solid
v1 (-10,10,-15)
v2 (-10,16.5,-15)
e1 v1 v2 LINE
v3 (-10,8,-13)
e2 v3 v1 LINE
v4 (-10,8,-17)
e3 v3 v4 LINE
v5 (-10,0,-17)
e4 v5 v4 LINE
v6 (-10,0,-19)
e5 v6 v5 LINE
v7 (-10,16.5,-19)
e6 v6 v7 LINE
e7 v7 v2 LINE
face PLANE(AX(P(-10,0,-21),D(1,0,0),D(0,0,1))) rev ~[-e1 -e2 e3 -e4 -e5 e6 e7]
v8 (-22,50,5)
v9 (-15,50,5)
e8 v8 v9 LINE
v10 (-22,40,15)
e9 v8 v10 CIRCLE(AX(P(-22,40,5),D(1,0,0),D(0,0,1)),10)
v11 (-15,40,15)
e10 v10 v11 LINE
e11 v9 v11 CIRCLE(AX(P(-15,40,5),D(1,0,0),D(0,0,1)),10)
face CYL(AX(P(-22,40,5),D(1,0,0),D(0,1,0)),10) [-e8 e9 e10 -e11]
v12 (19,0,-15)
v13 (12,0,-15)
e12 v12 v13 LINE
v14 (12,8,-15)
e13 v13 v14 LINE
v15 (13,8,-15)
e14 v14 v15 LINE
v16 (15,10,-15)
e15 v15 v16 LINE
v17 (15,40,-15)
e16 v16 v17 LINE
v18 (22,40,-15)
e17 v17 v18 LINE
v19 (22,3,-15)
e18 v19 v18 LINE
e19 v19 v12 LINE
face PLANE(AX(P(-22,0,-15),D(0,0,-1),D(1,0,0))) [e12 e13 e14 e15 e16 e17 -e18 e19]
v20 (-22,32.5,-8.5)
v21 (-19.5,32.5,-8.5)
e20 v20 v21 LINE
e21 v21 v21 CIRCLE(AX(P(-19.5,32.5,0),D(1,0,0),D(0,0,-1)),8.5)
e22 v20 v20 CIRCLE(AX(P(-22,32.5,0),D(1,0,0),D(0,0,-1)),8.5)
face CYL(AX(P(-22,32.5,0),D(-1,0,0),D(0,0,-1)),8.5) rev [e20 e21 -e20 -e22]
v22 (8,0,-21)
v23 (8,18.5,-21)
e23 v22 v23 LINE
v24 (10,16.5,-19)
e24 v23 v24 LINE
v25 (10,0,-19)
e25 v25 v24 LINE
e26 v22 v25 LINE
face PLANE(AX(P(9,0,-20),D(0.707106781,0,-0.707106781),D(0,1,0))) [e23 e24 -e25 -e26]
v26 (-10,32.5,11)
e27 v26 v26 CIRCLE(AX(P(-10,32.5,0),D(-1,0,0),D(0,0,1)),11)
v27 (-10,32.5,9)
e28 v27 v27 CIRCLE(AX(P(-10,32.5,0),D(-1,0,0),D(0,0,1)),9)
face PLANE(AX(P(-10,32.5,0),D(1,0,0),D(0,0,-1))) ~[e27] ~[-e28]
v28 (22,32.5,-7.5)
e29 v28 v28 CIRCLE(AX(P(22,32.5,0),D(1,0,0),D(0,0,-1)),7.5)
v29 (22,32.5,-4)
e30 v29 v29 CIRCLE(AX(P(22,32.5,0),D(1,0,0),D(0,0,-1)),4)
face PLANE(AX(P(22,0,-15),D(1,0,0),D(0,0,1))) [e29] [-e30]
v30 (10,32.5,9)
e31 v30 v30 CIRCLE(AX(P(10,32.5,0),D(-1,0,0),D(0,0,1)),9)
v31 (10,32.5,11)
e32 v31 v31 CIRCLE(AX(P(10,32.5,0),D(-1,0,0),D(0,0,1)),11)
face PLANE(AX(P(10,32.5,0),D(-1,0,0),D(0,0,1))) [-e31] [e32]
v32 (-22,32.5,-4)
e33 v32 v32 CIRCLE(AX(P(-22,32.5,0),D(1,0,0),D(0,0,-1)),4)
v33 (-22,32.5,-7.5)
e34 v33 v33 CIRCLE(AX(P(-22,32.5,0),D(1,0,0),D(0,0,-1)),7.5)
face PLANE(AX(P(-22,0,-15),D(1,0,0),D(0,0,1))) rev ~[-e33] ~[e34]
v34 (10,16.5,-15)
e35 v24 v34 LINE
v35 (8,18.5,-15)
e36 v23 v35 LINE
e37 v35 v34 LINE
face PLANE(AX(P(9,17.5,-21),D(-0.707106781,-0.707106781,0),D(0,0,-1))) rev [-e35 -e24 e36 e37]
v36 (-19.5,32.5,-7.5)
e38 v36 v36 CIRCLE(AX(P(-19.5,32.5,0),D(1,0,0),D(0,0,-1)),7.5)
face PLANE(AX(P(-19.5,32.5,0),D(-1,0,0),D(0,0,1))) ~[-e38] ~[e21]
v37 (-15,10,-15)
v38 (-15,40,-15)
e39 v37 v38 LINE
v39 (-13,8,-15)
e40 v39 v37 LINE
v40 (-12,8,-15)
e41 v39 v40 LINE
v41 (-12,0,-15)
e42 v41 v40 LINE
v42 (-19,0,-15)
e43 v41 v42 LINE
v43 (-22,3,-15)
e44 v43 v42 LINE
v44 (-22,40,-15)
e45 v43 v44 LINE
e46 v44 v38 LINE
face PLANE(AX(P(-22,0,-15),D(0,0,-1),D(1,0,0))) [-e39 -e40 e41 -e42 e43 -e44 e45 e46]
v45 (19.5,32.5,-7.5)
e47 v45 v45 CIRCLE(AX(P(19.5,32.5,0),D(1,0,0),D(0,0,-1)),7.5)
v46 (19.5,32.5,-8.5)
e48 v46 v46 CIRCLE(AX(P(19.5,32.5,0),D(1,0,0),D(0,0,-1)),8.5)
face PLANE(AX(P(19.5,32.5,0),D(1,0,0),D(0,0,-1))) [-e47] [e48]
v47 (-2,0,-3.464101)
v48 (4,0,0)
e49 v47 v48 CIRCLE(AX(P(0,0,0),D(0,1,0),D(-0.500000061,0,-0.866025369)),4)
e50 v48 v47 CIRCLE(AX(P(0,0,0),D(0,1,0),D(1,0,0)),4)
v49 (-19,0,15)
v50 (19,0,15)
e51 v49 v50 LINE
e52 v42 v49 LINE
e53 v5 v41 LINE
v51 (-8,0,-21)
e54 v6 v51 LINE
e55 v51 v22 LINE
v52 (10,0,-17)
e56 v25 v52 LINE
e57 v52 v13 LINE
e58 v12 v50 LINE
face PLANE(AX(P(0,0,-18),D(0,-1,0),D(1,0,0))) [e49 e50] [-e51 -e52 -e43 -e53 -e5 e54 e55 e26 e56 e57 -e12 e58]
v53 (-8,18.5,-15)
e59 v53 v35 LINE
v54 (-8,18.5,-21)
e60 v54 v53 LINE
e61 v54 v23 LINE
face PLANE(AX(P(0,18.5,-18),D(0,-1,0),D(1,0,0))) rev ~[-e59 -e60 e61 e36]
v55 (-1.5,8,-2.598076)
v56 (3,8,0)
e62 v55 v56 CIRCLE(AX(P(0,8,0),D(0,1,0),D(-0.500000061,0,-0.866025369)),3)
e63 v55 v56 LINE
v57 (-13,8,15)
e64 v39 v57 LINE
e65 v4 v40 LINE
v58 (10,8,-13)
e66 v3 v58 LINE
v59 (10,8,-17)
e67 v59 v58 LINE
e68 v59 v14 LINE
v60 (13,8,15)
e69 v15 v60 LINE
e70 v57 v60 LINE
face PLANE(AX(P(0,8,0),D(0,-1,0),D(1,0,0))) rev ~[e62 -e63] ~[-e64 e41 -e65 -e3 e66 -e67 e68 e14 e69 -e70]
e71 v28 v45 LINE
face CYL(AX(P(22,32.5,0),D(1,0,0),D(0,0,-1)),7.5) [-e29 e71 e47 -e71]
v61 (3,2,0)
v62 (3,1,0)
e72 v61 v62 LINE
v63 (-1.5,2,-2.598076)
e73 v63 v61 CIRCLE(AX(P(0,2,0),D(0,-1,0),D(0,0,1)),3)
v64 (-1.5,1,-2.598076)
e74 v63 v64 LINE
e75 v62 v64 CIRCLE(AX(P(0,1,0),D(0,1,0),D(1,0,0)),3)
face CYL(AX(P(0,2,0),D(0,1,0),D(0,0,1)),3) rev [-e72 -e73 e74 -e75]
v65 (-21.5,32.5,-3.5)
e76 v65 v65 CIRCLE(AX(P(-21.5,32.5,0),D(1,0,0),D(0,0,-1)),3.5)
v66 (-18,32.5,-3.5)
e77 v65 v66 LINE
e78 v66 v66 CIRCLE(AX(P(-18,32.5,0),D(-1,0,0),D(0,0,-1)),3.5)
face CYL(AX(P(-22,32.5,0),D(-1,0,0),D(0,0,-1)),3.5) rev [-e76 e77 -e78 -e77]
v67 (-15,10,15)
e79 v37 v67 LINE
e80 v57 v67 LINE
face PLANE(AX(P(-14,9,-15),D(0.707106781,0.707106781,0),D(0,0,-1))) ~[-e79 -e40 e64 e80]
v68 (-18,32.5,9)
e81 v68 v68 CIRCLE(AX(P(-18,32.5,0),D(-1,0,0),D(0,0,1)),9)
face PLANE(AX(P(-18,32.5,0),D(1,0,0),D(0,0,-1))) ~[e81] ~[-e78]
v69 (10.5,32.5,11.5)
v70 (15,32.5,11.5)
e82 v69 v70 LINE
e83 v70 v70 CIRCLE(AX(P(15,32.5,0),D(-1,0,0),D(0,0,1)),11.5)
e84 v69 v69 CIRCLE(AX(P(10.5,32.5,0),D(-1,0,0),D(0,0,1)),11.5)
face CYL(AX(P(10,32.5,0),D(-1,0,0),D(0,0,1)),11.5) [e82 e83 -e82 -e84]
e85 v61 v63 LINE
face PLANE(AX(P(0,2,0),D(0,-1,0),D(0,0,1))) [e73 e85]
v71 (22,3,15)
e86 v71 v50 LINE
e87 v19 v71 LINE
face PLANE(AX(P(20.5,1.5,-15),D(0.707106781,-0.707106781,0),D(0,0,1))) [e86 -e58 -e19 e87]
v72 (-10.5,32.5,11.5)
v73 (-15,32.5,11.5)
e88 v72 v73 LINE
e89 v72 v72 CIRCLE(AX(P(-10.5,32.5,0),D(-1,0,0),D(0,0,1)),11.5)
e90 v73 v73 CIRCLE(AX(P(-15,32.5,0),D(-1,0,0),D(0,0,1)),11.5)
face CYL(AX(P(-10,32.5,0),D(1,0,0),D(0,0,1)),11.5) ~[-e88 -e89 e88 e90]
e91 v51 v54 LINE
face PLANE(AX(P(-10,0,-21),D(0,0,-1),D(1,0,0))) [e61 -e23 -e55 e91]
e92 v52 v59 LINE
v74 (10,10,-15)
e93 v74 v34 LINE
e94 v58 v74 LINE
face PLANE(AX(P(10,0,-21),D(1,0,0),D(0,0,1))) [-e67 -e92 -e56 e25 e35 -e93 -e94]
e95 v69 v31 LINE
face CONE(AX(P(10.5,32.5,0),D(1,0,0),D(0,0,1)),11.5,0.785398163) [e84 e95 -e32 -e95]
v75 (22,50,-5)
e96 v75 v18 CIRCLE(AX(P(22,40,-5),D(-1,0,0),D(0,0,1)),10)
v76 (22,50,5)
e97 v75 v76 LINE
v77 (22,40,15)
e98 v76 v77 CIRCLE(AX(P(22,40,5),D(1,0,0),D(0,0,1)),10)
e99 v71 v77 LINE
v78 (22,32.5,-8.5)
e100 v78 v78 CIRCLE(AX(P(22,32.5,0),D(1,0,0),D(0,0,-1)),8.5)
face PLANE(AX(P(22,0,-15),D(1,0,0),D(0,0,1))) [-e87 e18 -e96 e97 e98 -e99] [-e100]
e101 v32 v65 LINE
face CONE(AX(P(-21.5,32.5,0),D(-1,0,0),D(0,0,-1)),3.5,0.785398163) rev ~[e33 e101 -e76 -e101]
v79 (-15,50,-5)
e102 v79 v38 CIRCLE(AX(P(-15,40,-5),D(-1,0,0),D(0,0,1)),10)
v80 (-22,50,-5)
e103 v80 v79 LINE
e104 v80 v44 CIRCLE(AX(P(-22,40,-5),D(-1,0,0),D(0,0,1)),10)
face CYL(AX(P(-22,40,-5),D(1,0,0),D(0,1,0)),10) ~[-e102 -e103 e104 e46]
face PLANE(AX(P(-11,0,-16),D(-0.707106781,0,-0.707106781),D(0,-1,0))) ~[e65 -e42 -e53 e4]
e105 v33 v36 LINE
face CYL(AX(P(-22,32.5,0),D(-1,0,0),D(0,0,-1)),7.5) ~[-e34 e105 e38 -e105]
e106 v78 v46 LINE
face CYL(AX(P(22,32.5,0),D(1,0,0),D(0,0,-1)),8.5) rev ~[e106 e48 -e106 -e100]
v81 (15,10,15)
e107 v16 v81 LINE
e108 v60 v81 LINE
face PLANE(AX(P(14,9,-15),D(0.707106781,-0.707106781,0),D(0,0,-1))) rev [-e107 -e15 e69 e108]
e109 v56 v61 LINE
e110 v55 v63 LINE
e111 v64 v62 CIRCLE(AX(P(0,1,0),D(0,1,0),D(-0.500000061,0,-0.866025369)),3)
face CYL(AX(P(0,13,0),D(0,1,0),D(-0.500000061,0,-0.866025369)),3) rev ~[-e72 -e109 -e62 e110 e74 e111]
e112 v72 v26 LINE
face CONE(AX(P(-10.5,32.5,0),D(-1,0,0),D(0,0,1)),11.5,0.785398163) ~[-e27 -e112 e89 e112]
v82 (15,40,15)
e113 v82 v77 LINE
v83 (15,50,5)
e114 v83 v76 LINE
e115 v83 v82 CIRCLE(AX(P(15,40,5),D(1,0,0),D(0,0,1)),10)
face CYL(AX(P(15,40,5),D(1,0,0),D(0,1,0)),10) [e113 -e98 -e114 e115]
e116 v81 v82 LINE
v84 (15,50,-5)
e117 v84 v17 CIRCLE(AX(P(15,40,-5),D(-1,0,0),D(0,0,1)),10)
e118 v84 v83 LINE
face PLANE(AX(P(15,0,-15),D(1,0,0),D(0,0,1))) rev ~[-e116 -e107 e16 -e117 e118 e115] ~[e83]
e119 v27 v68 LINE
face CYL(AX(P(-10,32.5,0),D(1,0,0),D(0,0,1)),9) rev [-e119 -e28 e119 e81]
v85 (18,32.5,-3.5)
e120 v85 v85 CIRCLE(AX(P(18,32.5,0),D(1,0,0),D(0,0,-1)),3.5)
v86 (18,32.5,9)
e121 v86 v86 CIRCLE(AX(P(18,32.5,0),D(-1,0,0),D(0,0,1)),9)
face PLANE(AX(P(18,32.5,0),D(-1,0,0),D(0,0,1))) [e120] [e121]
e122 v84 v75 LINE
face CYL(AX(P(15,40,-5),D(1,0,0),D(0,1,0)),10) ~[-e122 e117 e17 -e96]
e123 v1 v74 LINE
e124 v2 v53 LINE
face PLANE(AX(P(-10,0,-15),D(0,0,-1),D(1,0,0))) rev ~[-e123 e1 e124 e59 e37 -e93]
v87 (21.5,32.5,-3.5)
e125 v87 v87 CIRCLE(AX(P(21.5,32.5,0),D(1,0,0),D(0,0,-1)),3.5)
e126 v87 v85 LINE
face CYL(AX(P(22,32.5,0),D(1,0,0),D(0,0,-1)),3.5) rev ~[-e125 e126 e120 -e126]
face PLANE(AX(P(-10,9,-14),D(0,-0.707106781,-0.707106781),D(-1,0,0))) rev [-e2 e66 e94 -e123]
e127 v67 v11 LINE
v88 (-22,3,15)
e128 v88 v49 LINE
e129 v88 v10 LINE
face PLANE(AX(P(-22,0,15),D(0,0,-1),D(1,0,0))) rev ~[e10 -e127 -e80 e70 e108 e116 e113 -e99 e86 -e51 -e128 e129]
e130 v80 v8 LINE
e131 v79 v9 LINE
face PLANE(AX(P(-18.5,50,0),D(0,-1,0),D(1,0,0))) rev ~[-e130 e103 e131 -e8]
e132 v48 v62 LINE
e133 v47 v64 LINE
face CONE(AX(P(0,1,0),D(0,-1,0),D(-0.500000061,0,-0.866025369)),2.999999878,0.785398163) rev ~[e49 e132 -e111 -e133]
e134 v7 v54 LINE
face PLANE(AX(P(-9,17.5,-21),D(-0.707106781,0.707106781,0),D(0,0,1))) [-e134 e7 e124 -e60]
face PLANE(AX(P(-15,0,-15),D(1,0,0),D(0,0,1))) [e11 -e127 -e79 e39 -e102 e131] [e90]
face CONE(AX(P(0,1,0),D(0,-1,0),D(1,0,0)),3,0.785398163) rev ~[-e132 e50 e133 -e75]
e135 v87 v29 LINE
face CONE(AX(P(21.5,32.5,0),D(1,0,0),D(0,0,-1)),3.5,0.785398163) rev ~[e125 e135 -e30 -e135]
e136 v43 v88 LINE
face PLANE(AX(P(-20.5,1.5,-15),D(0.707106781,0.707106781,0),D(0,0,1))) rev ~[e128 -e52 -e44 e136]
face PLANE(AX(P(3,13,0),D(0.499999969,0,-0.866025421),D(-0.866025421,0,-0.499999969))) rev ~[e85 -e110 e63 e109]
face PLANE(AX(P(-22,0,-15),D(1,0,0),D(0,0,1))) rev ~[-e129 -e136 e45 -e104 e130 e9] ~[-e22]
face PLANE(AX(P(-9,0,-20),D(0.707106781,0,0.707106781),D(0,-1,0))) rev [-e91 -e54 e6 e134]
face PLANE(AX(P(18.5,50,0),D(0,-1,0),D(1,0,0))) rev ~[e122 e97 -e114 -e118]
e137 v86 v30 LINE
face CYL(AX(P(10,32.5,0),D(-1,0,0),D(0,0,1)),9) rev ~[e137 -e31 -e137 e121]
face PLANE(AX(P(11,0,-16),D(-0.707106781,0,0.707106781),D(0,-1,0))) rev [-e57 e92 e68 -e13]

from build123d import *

# Parameters (mm, degrees)
SKETCH_1_R          = 10
EXTRUDE_1_DEPTH     = 13
CUT_EXTRUDE_2_DEPTH = 20.209373
SKETCH_7_W          = 30
SKETCH_7_H          = 30
SKETCH_7_R          = 10
EXTRUDE_2_DEPTH     = 8
SKETCH_11_W         = 7
SKETCH_11_H         = 30
EXTRUDE_6_DEPTH     = 50
FILLET_2_R          = 10
SKETCH_13_R         = 8.5
SKETCH_13_R_2       = 7.5
CUT_EXTRUDE_3_DEPTH = 2.5
SKETCH_14_R         = 3.5
CUT_EXTRUDE_4_DEPTH = 37
SKETCH_22_W         = 20
SKETCH_22_H         = 6
EXTRUDE_8_DEPTH     = 18.5
CHAMFER_7_SIZE      = 2
SKETCH_23_R         = 9
CUT_EXTRUDE_6_DEPTH = 3
CHAMFER_8_SIZE      = 2
CUT_EXTRUDE_START   = -5
SKETCH_24_R         = 10
CUT_EXTRUDE_7_DEPTH = 5
CUT_EXTRUDE_START_2 = -2
SKETCH_25_R         = 3
CUT_EXTRUDE_8_DEPTH = 2
CHAMFER_9_SIZE      = 3
CHAMFER_10_SIZE     = 1
CHAMFER_3_SIZE      = 2
EXTRUDE_START       = 5
SKETCH_26_R         = 11.5
SKETCH_26_R_2       = 9
EXTRUDE_9_DEPTH     = 5
CHAMFER_4_SIZE      = 0.5


with BuildPart() as part:
    # 草图1 → 凸台-拉伸1 (new body)
    with BuildSketch(Plane(origin=(0, 0, 0), x_dir=(1, 0, 0), z_dir=(0, 1, 0))):
        with Locations(Location((0, 0, 0), (0, 0, 90))):
            Circle(SKETCH_1_R)
    extrude(amount=EXTRUDE_1_DEPTH)

    # 草图4 → 切除-拉伸2 (cut, through all)
    with BuildSketch(Plane(origin=(0, 13, 0), x_dir=(1, 0, 0), z_dir=(0, 1, 0))):
        with BuildLine():
            Line((3, 0), (-1.5, 2.598076))
            ThreePointArc((-1.5, 2.598076), (-1.5, -2.598076), (3, 0))
        make_face()
    extrude(amount=-CUT_EXTRUDE_2_DEPTH, mode=Mode.SUBTRACT)

    # 草图7 → 凸台-拉伸2 (add)
    with BuildSketch(Plane.XZ):
        Rectangle(SKETCH_7_W, SKETCH_7_H)
        with Locations(Location((0, 0, 0), (0, 0, 270))):
            Circle(SKETCH_7_R, mode=Mode.SUBTRACT)
    extrude(amount=-EXTRUDE_2_DEPTH)

    # 草图11 → 凸台-拉伸6 (add)
    with BuildSketch(Plane.XZ):
        with Locations((-18.5, 0)):
            Rectangle(SKETCH_11_W, SKETCH_11_H)
        with Locations((18.5, 0)):
            Rectangle(SKETCH_11_W, SKETCH_11_H)
    extrude(amount=-EXTRUDE_6_DEPTH)

    # 圆角2
    fillet_2_edges = [part.edges().sort_by_distance(p)[0] for p in [
        (-18.5, 50, -15),
        (-18.5, 50, 15),
        (18.5, 50, 15),
        (18.5, 50, -15),
    ]]
    fillet(fillet_2_edges, radius=FILLET_2_R)

    # 草图13 → 切除-拉伸3 (cut)
    with BuildSketch(Plane(origin=(22, 0, 0), x_dir=(0, 0, -1), z_dir=(1, 0, 0))):
        with Locations((0, 32.5)):
            Circle(SKETCH_13_R)
        with Locations((0, 32.5)):
            Circle(SKETCH_13_R_2, mode=Mode.SUBTRACT)
    cut_extrude_3 = extrude(amount=-CUT_EXTRUDE_3_DEPTH, mode=Mode.SUBTRACT)

    # 草图14 → 切除-拉伸4 (cut)
    with BuildSketch(Plane(origin=(22, 0, 0), x_dir=(0, 0, -1), z_dir=(1, 0, 0))):
        with Locations((0, 32.5)):
            Circle(SKETCH_14_R)
    cut_extrude_4 = extrude(amount=-CUT_EXTRUDE_4_DEPTH, mode=Mode.SUBTRACT)

    # 草图22 → 凸台-拉伸8 (add)
    with BuildSketch(Plane.XZ):
        with Locations((0, -18)):
            Rectangle(SKETCH_22_W, SKETCH_22_H)
    extrude(amount=-EXTRUDE_8_DEPTH)

    # 倒角7
    chamfer_7_edges = [part.edges().sort_by_distance(p)[0] for p in [
        (10, 4, -15),
        (-10, 4, -15),
    ]]
    chamfer(chamfer_7_edges, length=CHAMFER_7_SIZE)

    # 草图23 → 切除-拉伸6 (cut)
    with BuildSketch(Plane.ZY.offset(-15)):
        with Locations((0, 32.5)):
            Circle(SKETCH_23_R)
    cut_extrude_6 = extrude(amount=-CUT_EXTRUDE_6_DEPTH, mode=Mode.SUBTRACT)

    # 倒角8
    chamfer_8_edges = [part.edges().sort_by_distance(p)[0] for p in [
        (10, 18.5, -18),
        (10, 9.25, -21),
        (-10, 18.5, -18),
        (-10, 9.25, -21),
    ]]
    chamfer(chamfer_8_edges, length=CHAMFER_8_SIZE)

    # 草图24 → 切除-拉伸7 (cut)
    with BuildSketch(Plane(origin=(0, 13, 0), x_dir=(1, 0, 0), z_dir=(0, 1, 0)).offset(CUT_EXTRUDE_START)):
        Circle(SKETCH_24_R)
    extrude(amount=CUT_EXTRUDE_7_DEPTH, mode=Mode.SUBTRACT)

    # 草图25 → 切除-拉伸8 (cut)
    with BuildSketch(Plane.XZ.offset(CUT_EXTRUDE_START_2)):
        with Locations(Location((0, 0, 0), (0, 0, 90))):
            Circle(SKETCH_25_R)
    extrude(amount=CUT_EXTRUDE_8_DEPTH, mode=Mode.SUBTRACT)

    # 倒角9
    chamfer_9_edges = [part.edges().sort_by_distance(p)[0] for p in [
        (-22, 0, 0),
        (22, 0, 0),
    ]]
    chamfer(chamfer_9_edges, length=CHAMFER_9_SIZE)

    # 倒角10
    chamfer_10_edges = [part.edges().sort_by_distance(p)[0] for p in [
        (1.5, 0, 2.598076),
    ]]
    chamfer(chamfer_10_edges, length=CHAMFER_10_SIZE)

    # 倒角3
    chamfer_3_edges = [part.edges().sort_by_distance(p)[0] for p in [
        (15, 8, 0),
        (-15, 8, 0),
        (0, 8, -15),
    ]]
    chamfer(chamfer_3_edges, length=CHAMFER_3_SIZE)

    # 草图26 → 凸台-拉伸9 (add)
    with BuildSketch(Plane.ZY.offset(-15).offset(EXTRUDE_START)):
        with Locations((0, 32.5)):
            Circle(SKETCH_26_R)
        with Locations((0, 32.5)):
            Circle(SKETCH_26_R_2, mode=Mode.SUBTRACT)
    extrude_9 = extrude(amount=-EXTRUDE_9_DEPTH)

    # 镜向2: 切除-拉伸3, 切除-拉伸4, 切除-拉伸6, 凸台-拉伸9 across plane
    add(cut_extrude_3.mirror(Plane(origin=(0, 0, 0), x_dir=(0, 0, 1), z_dir=(1, 0, 0))), mode=Mode.SUBTRACT)
    add(cut_extrude_4.mirror(Plane(origin=(0, 0, 0), x_dir=(0, 0, 1), z_dir=(1, 0, 0))), mode=Mode.SUBTRACT)
    add(cut_extrude_6.mirror(Plane(origin=(0, 0, 0), x_dir=(0, 0, 1), z_dir=(1, 0, 0))), mode=Mode.SUBTRACT)
    add(extrude_9.mirror(Plane(origin=(0, 0, 0), x_dir=(0, 0, 1), z_dir=(1, 0, 0))))

    # 倒角4
    chamfer_4_edges = [part.edges().sort_by_distance(p)[0] for p in [
        (10, 32.5, -11.5),
        (-22, 32.5, 3.5),
        (-10, 32.5, -11.5),
        (22, 32.5, 3.5),
    ]]
    chamfer(chamfer_4_edges, length=CHAMFER_4_SIZE)


solid = part.part
